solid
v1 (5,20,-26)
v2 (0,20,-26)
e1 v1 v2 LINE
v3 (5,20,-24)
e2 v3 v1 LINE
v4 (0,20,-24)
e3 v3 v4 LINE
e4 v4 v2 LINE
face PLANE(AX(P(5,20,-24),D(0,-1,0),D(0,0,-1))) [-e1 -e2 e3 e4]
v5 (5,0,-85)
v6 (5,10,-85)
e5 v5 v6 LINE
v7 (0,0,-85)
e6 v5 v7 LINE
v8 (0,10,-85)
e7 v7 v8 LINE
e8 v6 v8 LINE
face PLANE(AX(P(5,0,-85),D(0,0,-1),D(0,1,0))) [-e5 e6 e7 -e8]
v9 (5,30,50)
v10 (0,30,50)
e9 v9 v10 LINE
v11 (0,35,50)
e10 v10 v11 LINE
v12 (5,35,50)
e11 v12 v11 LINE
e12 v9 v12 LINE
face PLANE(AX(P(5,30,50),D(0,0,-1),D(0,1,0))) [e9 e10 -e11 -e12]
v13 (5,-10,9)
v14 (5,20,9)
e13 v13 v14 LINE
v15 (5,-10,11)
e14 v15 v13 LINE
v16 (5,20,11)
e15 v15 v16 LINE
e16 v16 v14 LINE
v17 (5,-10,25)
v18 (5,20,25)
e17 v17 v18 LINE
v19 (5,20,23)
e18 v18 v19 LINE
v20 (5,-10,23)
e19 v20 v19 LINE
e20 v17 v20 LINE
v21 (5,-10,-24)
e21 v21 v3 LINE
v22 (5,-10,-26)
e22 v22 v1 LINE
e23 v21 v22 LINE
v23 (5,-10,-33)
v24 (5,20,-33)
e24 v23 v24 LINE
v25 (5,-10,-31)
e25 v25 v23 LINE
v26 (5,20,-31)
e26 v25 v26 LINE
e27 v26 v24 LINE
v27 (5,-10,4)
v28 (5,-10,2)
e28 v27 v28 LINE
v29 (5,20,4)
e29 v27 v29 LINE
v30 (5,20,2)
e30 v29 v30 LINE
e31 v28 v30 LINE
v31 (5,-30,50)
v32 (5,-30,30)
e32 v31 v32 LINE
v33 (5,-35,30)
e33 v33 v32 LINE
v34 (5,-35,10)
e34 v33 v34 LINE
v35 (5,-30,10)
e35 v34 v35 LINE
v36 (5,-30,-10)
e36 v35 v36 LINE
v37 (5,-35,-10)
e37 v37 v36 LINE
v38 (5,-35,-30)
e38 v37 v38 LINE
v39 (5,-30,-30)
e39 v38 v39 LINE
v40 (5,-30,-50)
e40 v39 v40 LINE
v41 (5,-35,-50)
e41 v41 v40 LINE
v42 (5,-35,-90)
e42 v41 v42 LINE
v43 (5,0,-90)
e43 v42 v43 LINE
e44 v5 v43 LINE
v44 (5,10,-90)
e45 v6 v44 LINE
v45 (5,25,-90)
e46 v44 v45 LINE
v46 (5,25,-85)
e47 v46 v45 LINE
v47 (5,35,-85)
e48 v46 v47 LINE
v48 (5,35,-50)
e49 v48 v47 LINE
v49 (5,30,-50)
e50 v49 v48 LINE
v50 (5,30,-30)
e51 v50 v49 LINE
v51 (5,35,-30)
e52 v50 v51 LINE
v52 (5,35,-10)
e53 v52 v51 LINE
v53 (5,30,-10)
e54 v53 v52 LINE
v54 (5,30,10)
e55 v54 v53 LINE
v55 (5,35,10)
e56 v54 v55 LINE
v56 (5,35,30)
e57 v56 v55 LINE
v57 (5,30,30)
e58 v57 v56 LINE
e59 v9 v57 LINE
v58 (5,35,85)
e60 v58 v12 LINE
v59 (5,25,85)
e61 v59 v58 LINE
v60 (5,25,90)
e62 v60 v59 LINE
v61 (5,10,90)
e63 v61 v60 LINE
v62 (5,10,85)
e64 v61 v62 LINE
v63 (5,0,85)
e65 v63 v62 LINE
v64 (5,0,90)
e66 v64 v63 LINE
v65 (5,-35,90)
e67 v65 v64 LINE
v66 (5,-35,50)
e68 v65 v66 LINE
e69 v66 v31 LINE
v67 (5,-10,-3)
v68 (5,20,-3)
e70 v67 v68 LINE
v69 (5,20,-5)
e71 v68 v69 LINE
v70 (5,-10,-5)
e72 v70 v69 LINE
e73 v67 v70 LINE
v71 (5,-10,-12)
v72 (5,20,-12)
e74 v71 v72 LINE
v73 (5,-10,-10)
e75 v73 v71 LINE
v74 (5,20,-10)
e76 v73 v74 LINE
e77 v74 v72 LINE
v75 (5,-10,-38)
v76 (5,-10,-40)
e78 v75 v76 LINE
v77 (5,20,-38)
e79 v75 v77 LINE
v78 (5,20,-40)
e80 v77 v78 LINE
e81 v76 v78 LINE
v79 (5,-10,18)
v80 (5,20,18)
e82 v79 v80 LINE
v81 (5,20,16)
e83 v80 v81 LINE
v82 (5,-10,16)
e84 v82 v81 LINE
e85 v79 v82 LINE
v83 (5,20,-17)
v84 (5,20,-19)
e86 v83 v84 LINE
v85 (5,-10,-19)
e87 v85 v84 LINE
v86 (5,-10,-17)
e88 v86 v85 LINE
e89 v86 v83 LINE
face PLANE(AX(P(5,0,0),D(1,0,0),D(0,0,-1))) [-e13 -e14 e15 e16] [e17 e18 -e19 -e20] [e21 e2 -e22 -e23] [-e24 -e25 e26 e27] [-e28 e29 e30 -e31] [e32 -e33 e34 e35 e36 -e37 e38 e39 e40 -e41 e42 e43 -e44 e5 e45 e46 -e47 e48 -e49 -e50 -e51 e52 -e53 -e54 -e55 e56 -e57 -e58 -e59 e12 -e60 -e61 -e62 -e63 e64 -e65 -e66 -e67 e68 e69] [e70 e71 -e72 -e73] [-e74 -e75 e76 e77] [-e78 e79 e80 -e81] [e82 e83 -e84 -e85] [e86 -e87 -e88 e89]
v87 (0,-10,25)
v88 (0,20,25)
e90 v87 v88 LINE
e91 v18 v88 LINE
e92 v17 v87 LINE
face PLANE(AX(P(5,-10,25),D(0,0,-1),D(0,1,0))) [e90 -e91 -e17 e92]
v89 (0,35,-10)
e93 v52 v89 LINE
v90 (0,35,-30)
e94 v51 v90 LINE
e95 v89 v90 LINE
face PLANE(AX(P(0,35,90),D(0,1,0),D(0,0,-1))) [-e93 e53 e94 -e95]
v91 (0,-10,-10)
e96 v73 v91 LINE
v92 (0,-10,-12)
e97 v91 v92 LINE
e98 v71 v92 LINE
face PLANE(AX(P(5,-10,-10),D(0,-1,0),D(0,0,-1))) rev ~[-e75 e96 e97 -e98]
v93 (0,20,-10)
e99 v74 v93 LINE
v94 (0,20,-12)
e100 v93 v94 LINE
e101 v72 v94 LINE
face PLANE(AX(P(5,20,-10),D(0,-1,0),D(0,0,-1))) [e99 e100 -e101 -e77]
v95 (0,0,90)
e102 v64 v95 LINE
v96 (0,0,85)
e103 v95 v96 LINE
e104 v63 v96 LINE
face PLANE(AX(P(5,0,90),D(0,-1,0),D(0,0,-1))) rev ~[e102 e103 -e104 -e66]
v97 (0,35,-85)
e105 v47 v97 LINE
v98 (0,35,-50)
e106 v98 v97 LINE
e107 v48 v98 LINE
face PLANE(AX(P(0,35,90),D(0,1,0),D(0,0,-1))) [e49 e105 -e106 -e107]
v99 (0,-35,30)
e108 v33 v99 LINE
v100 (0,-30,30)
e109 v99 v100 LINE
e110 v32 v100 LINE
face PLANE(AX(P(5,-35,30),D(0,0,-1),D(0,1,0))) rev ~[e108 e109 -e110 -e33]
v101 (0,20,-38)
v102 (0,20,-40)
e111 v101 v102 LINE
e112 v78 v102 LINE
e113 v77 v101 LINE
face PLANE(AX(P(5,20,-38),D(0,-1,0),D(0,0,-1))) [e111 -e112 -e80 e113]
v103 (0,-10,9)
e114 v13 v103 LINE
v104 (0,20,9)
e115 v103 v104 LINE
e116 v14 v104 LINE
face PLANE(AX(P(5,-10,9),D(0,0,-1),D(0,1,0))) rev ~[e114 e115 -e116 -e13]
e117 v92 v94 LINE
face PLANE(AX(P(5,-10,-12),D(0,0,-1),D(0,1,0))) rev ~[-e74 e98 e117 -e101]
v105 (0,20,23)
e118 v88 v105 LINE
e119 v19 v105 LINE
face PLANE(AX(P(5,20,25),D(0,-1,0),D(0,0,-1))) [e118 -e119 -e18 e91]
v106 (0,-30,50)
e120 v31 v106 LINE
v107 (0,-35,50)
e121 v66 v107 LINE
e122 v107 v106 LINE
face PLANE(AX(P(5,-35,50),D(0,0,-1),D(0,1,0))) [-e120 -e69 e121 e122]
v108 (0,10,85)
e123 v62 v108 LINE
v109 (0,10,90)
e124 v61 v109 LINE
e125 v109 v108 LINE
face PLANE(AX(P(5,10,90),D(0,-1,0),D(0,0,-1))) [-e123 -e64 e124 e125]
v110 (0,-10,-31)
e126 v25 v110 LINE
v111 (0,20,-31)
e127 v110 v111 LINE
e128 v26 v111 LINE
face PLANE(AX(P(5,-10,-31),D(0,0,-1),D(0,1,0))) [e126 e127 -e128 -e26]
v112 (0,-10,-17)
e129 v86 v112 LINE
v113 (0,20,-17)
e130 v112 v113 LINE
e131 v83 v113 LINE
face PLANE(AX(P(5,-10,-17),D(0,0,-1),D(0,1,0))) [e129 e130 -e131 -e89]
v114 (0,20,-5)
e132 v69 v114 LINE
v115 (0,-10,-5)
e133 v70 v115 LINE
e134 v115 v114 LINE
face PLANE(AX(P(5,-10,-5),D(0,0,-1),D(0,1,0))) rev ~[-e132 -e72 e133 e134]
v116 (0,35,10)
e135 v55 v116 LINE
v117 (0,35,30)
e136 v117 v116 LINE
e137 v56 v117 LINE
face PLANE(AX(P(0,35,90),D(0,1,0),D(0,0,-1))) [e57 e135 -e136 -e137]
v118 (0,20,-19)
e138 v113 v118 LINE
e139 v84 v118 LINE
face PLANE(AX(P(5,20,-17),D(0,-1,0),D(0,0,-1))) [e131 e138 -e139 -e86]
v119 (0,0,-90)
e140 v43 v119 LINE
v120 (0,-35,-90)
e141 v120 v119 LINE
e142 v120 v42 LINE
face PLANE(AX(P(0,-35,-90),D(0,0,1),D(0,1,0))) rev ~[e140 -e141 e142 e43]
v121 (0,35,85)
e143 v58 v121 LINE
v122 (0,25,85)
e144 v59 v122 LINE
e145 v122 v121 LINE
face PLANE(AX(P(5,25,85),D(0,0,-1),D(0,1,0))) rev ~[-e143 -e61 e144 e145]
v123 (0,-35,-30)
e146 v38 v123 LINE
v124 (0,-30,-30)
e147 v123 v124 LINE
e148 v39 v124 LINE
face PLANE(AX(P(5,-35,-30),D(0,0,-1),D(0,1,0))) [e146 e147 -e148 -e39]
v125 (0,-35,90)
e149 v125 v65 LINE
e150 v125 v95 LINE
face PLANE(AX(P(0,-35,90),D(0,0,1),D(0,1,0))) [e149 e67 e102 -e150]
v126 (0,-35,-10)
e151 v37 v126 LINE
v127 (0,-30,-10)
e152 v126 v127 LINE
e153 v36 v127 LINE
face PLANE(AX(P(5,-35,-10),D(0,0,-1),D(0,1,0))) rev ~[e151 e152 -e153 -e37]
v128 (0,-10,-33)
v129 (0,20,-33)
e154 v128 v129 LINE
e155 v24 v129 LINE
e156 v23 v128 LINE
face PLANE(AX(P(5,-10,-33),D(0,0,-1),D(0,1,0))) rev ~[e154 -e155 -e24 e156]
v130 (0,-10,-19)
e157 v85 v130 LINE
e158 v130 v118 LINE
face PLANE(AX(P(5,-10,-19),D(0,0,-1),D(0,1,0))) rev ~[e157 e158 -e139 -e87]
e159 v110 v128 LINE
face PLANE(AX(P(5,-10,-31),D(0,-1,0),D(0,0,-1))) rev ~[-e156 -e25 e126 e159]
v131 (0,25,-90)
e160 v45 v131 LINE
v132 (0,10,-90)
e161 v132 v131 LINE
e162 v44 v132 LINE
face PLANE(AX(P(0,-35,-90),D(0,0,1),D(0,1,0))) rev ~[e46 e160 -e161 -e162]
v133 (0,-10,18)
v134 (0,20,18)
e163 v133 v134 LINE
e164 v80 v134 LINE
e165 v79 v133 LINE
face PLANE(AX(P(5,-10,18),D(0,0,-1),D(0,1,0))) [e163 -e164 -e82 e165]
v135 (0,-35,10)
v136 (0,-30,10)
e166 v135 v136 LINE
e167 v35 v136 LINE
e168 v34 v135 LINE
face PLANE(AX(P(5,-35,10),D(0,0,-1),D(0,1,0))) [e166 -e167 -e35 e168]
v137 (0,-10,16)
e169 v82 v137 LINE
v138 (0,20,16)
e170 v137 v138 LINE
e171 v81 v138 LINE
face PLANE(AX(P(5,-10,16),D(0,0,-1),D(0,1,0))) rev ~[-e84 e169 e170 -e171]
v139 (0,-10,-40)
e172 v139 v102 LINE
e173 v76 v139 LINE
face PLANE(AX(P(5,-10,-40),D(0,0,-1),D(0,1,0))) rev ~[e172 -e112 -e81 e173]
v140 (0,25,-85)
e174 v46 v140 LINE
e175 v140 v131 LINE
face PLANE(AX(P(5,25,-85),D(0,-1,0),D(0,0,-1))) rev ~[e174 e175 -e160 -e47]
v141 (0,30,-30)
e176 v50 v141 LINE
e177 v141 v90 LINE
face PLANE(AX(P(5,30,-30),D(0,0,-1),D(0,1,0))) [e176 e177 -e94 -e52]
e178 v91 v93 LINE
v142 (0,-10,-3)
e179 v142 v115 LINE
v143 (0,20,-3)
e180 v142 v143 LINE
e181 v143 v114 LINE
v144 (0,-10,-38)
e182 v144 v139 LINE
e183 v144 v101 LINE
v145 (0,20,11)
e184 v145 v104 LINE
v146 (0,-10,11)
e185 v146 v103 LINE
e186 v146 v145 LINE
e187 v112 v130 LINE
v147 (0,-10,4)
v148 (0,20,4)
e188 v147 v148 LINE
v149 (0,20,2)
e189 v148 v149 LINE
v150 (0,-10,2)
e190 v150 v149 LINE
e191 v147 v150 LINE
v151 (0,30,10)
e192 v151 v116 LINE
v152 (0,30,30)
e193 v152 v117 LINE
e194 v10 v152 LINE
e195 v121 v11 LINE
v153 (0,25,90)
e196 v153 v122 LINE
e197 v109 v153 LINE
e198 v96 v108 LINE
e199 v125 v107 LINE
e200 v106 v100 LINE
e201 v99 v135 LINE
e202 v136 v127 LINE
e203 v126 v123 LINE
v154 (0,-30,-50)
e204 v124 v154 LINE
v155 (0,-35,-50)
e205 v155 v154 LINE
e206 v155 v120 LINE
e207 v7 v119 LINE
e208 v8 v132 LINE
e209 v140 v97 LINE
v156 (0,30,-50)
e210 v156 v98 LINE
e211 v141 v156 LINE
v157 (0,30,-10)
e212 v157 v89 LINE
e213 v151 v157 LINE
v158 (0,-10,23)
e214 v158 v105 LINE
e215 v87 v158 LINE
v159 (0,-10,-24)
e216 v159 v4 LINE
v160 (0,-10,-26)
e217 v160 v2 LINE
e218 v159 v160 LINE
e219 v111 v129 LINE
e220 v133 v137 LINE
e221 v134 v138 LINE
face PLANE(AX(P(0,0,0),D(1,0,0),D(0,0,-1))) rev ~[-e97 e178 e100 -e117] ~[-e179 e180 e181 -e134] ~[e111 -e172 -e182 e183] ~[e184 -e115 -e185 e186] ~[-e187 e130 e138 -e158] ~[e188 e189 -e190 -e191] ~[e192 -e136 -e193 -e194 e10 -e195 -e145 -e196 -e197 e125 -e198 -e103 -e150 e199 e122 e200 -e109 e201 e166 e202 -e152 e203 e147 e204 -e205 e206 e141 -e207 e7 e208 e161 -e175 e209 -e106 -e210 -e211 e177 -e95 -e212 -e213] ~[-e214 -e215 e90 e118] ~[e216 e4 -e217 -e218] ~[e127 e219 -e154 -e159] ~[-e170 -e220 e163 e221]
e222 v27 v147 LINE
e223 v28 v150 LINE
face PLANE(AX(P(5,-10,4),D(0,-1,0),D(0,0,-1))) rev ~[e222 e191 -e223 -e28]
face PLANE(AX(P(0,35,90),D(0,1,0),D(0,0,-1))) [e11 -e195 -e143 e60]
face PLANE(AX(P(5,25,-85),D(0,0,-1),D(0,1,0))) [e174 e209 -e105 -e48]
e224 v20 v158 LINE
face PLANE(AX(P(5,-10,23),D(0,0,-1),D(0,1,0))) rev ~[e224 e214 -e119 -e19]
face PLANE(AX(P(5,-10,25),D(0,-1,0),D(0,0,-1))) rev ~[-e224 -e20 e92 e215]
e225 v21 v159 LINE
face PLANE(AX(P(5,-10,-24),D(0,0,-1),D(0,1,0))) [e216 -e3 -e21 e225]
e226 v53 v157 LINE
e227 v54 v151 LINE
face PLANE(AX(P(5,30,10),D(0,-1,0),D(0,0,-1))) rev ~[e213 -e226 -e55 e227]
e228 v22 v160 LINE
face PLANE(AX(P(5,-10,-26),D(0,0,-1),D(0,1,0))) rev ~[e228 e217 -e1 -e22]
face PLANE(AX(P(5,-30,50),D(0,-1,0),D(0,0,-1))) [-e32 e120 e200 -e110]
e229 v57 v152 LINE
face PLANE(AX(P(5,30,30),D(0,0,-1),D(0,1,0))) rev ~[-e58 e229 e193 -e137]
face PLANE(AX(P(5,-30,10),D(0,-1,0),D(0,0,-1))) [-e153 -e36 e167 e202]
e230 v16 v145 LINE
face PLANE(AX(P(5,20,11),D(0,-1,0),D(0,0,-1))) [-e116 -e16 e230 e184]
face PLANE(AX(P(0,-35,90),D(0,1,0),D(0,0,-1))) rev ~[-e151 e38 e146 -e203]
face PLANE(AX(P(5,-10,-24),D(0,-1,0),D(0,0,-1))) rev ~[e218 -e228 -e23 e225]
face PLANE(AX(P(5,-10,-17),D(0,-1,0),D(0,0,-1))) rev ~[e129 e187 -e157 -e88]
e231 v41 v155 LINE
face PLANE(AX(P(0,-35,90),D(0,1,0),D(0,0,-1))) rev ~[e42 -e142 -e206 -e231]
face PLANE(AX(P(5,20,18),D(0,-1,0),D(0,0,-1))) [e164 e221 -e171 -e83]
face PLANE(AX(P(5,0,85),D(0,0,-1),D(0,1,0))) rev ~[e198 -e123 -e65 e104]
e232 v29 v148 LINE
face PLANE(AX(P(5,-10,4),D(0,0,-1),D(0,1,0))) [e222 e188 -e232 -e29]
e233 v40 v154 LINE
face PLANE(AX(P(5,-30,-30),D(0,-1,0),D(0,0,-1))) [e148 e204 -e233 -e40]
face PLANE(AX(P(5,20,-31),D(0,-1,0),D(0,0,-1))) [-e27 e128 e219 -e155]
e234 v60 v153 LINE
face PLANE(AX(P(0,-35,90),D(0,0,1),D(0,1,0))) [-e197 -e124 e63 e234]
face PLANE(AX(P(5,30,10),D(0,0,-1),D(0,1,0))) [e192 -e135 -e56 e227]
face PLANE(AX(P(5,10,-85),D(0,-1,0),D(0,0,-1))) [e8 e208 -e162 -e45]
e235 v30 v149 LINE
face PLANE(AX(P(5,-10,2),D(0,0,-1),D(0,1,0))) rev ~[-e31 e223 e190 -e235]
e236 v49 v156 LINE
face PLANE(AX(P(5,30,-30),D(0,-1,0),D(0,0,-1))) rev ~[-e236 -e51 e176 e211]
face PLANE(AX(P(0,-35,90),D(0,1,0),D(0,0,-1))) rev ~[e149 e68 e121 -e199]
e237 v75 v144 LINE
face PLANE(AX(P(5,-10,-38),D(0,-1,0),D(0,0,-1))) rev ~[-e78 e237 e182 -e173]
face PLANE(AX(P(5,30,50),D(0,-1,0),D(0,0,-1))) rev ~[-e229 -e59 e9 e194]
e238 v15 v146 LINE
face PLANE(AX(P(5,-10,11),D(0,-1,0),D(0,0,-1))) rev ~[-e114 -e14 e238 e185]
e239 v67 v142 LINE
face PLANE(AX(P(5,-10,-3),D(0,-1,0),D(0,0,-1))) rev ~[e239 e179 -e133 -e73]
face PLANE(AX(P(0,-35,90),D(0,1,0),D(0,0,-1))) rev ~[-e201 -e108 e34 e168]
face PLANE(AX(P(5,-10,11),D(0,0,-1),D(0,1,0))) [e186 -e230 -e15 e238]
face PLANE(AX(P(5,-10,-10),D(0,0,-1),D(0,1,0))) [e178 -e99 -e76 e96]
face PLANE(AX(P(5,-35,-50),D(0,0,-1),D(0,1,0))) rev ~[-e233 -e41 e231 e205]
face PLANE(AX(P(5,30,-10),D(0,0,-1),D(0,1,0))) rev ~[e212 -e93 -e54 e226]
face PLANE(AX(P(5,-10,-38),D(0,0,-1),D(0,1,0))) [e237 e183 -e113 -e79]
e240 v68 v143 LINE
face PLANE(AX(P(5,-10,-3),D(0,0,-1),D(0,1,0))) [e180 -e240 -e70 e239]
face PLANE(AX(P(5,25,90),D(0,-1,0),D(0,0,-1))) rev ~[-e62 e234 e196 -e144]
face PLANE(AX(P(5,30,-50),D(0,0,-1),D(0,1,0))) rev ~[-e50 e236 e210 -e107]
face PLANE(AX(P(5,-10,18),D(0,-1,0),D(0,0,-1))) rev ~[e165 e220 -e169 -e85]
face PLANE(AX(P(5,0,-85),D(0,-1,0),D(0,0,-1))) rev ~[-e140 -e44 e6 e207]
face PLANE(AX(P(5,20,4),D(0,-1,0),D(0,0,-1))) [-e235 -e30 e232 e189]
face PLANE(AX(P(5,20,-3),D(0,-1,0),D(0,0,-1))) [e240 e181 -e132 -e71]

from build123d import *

# Parameters (mm, degrees)
ESQUISSE1_W             = 180
ESQUISSE1_H             = 70
BOSS_EXTRU_1_DEPTH      = 5
ESQUISSE3_W             = 5
ESQUISSE3_H             = 10
ESQUISSE3_W_2           = 20
ESQUISSE3_H_2           = 5
ENL_V_MAT_EXTRU_2_DEPTH = 5
ESQUISSE4_W             = 2
ESQUISSE4_H             = 30
ENL_V_MAT_EXTRU_3_DEPTH = 5


with BuildPart() as part:
    # Esquisse1 → Boss.-Extru.1 (new body)
    with BuildSketch(Plane(origin=(0, 0, 0), x_dir=(0, 0, -1), z_dir=(1, 0, 0))):
        Rectangle(ESQUISSE1_W, ESQUISSE1_H)
    extrude(amount=BOSS_EXTRU_1_DEPTH)

    # Esquisse3 → Enlèv. mat.-Extru.2 (cut)
    with BuildSketch(Plane(origin=(5, 0, 0), x_dir=(0, 0, -1), z_dir=(1, 0, 0))):
        with Locations((-87.5, 30)):
            Rectangle(ESQUISSE3_W, ESQUISSE3_H)
        with Locations((-87.5, 5)):
            Rectangle(ESQUISSE3_W, ESQUISSE3_H)
        with Locations((87.5, 30)):
            Rectangle(ESQUISSE3_W, ESQUISSE3_H)
        with Locations((87.5, 5)):
            Rectangle(ESQUISSE3_W, ESQUISSE3_H)
        with Locations((-40, 32.5)):
            Rectangle(ESQUISSE3_W_2, ESQUISSE3_H_2)
        with Locations((40, 32.5)):
            Rectangle(ESQUISSE3_W_2, ESQUISSE3_H_2)
        with Locations((0, 32.5)):
            Rectangle(ESQUISSE3_W_2, ESQUISSE3_H_2)
        with Locations((-40, -32.5)):
            Rectangle(ESQUISSE3_W_2, ESQUISSE3_H_2)
        with Locations((0, -32.5)):
            Rectangle(ESQUISSE3_W_2, ESQUISSE3_H_2)
        with Locations((40, -32.5)):
            Rectangle(ESQUISSE3_W_2, ESQUISSE3_H_2)
    extrude(amount=-ENL_V_MAT_EXTRU_2_DEPTH, mode=Mode.SUBTRACT)

    # Esquisse4 → Enlèv. mat.-Extru.3 (cut)
    with BuildSketch(Plane(origin=(5, 0, 0), x_dir=(0, 0, -1), z_dir=(1, 0, 0))):
        with Locations((32, 5)):
            Rectangle(ESQUISSE4_W, ESQUISSE4_H)
        with Locations((39, 5)):
            Rectangle(ESQUISSE4_W, ESQUISSE4_H)
        with Locations((25, 5)):
            Rectangle(ESQUISSE4_W, ESQUISSE4_H)
        with Locations((18, 5)):
            Rectangle(ESQUISSE4_W, ESQUISSE4_H)
        with Locations((11, 5)):
            Rectangle(ESQUISSE4_W, ESQUISSE4_H)
        with Locations((4, 5)):
            Rectangle(ESQUISSE4_W, ESQUISSE4_H)
        with Locations((-3, 5)):
            Rectangle(ESQUISSE4_W, ESQUISSE4_H)
        with Locations((-10, 5)):
            Rectangle(ESQUISSE4_W, ESQUISSE4_H)
        with Locations((-17, 5)):
            Rectangle(ESQUISSE4_W, ESQUISSE4_H)
        with Locations((-24, 5)):
            Rectangle(ESQUISSE4_W, ESQUISSE4_H)
    extrude(amount=-ENL_V_MAT_EXTRU_3_DEPTH, mode=Mode.SUBTRACT)


solid = part.part
